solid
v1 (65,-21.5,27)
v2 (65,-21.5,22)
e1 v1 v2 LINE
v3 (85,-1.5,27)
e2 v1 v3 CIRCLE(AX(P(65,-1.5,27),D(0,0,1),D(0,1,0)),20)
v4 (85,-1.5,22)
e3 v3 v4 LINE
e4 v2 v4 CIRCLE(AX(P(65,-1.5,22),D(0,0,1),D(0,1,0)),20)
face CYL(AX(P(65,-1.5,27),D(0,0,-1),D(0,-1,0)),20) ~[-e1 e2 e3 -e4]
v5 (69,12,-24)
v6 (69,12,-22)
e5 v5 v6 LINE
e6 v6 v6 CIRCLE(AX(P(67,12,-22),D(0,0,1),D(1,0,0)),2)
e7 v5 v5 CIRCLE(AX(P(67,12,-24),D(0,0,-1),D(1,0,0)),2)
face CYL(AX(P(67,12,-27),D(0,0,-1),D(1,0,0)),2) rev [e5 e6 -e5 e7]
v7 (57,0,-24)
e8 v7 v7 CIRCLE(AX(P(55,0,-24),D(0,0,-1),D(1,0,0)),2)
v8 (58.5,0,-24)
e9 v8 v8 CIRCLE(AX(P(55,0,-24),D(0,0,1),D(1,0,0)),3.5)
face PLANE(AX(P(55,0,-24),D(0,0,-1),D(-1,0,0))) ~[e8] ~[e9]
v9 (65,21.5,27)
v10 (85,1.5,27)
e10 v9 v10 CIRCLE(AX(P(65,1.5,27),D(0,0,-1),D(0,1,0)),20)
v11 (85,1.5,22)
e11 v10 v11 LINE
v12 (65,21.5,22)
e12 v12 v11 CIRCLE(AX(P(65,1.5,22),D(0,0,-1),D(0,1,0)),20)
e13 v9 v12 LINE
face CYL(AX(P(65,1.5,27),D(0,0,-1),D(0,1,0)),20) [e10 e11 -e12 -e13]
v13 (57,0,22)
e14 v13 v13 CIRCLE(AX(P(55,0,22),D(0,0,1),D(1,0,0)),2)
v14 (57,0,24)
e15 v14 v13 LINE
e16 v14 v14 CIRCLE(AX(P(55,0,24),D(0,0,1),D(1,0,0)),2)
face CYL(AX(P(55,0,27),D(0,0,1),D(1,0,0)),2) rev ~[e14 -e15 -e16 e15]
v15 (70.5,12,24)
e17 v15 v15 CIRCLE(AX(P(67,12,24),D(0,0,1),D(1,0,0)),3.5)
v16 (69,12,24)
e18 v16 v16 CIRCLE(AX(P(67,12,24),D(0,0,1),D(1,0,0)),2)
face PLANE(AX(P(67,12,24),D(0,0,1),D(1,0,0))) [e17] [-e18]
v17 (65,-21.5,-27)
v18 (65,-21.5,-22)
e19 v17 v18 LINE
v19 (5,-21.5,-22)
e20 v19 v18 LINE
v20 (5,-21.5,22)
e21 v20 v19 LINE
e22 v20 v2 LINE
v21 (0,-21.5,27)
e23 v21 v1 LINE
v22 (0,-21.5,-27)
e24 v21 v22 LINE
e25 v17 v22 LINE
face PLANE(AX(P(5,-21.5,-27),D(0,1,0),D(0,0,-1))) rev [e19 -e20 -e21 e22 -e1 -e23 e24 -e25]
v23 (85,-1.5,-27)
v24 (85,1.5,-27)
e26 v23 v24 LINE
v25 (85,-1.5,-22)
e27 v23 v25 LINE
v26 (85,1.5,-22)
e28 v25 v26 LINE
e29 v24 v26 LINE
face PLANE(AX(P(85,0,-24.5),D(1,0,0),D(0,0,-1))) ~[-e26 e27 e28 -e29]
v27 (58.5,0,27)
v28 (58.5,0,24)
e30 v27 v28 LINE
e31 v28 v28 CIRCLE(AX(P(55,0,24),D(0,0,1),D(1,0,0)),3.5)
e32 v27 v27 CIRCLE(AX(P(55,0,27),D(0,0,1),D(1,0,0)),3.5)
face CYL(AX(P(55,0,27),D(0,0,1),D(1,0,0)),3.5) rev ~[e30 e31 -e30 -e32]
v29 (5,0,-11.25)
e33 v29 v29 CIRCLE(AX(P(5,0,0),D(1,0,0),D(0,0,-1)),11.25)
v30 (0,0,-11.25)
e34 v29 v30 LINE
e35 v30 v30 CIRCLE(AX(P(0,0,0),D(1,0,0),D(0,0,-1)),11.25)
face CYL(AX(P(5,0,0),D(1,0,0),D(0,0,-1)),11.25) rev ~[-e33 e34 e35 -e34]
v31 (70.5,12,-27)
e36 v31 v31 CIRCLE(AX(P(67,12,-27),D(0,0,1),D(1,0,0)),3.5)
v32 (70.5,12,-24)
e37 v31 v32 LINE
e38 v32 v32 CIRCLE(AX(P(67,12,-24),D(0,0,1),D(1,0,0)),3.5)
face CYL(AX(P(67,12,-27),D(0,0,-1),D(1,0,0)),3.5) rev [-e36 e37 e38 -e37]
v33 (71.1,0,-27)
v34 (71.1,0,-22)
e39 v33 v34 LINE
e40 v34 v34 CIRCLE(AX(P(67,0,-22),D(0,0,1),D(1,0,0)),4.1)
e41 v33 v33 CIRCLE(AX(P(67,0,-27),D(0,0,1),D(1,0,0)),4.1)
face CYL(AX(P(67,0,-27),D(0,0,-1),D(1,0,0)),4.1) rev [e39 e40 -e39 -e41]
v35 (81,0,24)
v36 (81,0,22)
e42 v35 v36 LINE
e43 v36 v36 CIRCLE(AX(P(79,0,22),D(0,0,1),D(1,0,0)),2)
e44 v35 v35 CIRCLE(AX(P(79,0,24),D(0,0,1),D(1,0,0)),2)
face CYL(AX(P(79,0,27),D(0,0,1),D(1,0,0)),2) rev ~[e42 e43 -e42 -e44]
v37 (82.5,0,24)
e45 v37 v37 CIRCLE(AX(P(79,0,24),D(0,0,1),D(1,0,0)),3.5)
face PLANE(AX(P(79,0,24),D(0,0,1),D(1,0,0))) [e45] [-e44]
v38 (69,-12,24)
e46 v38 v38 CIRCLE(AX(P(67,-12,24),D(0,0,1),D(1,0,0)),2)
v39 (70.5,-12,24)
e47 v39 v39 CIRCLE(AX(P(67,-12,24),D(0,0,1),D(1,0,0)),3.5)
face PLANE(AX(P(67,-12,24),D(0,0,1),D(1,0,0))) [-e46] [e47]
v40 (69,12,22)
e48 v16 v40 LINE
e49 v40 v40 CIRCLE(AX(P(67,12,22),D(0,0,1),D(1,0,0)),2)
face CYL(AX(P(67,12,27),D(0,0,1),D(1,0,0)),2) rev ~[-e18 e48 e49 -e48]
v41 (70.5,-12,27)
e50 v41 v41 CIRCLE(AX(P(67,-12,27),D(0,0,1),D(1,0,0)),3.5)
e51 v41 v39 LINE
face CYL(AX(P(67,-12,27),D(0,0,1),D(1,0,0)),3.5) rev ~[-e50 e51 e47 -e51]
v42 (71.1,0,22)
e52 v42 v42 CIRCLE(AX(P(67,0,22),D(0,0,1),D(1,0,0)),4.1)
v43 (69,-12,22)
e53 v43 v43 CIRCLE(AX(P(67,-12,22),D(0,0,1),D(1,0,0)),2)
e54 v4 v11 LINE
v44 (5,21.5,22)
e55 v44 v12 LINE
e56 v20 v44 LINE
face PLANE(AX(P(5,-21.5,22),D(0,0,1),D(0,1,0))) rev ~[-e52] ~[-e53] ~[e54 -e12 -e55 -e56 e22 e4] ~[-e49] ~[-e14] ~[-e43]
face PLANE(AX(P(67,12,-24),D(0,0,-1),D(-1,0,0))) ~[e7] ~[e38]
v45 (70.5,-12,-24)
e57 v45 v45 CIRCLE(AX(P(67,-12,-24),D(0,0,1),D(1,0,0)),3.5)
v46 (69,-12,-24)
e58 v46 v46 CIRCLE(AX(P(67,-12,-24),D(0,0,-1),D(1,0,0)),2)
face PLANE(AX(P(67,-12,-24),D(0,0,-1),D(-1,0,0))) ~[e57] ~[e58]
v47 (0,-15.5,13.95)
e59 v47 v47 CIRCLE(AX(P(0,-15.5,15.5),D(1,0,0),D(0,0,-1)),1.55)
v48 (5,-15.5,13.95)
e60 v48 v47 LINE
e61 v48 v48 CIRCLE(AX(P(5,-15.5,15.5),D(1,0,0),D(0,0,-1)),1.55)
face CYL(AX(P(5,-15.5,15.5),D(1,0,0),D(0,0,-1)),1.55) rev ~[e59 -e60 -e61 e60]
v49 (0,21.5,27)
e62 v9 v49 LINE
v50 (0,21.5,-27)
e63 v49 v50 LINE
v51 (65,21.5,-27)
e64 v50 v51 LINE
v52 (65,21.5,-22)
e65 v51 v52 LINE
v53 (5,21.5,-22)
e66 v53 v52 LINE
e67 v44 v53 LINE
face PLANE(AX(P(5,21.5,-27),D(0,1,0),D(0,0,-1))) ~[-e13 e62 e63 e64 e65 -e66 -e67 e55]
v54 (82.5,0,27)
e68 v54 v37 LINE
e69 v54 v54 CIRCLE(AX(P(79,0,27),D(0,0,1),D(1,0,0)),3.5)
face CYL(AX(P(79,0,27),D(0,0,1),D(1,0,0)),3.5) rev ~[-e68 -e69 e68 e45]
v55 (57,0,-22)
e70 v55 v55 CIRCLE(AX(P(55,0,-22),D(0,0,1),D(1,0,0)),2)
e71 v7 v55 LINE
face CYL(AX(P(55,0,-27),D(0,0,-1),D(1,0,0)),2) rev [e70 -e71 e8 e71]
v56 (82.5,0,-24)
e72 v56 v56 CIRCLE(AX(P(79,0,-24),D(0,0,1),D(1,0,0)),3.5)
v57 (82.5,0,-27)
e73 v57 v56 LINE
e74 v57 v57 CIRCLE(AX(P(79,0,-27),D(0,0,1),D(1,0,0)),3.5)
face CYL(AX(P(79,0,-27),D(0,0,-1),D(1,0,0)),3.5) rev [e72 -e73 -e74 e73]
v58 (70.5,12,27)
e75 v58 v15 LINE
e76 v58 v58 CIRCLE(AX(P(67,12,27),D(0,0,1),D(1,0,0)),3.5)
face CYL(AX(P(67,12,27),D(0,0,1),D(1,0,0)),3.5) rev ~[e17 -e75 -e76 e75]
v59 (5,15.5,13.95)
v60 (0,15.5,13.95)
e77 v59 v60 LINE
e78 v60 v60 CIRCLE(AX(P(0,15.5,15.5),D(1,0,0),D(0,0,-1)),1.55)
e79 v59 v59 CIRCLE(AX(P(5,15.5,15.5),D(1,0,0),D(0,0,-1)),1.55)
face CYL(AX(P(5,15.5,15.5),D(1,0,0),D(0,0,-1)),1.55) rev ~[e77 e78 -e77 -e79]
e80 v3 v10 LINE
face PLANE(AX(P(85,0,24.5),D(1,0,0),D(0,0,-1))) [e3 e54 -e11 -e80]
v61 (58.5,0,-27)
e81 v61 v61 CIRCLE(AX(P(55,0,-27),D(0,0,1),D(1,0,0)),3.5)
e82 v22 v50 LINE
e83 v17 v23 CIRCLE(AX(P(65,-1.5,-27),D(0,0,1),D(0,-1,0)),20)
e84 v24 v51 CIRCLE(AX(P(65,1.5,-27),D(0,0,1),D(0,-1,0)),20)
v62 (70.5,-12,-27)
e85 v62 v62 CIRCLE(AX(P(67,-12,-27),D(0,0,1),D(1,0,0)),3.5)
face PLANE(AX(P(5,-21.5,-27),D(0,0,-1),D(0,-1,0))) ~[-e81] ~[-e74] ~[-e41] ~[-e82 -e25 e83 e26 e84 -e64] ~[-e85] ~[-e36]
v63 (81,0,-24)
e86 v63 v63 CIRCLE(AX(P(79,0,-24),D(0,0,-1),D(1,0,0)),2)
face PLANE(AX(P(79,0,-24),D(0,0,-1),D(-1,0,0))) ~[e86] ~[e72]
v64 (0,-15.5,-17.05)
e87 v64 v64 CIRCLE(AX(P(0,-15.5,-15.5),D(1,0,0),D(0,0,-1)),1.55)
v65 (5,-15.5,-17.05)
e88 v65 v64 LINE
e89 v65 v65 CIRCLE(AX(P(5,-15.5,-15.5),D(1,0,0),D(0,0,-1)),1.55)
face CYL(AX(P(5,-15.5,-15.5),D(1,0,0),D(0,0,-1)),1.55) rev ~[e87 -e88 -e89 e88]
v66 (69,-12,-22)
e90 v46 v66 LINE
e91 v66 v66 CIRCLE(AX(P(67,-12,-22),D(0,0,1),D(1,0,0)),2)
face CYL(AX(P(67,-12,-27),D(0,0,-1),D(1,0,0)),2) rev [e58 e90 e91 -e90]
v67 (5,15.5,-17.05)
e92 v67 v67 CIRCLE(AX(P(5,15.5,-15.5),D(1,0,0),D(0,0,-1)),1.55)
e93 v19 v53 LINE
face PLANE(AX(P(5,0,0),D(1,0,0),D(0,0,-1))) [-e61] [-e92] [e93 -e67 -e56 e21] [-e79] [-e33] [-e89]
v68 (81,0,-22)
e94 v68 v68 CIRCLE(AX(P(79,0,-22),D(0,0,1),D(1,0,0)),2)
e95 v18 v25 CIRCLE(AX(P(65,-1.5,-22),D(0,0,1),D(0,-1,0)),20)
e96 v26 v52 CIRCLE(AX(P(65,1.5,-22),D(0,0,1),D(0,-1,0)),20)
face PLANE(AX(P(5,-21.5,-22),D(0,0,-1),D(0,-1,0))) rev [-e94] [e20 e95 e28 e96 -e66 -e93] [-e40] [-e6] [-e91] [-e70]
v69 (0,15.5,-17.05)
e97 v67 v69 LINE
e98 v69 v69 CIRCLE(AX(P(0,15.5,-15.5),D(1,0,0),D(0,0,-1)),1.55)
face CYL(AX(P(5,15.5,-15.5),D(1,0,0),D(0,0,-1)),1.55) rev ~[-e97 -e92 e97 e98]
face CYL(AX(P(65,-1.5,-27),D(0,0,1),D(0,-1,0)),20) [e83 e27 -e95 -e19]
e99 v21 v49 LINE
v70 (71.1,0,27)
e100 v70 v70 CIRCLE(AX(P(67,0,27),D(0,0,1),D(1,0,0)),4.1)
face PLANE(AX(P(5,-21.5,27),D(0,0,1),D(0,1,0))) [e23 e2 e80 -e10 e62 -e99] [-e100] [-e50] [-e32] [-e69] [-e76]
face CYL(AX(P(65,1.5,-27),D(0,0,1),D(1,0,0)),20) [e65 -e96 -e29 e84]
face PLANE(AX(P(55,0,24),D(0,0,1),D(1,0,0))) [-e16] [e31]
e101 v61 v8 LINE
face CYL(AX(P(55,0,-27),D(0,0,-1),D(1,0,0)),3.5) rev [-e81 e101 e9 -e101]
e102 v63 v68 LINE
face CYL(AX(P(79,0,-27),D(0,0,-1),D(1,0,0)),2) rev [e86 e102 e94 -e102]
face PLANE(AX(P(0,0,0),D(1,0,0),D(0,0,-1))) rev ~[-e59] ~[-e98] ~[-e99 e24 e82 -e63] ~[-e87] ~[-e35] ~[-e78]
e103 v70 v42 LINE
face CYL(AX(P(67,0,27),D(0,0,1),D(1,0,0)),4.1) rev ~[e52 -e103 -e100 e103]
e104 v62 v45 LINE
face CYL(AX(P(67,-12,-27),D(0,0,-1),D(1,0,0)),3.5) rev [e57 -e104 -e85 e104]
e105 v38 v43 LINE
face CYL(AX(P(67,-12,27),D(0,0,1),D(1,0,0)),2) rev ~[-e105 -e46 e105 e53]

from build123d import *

# Parameters (mm, degrees)
SKETCH1_W           = 54
SKETCH1_H           = 43
BOSS_EXTRUDE1_DEPTH = 5
CUT_EXTRUDE1_REACH  = 36.875
SKETCH2_R           = 1.55
SKETCH2_R_2         = 11.25
SKETCH4_W           = 5
SKETCH4_H           = 43
BOSS_EXTRUDE2_DEPTH = 80
CUT_EXTRUDE2_REACH  = 104.972
SKETCH6_R           = 2
SKETCH6_R_2         = 4.1
SKETCH7_R           = 3.5
CUT_EXTRUDE3_DEPTH  = 3
FILLET1_R           = 20


with BuildPart() as part:
    # Sketch1 → Boss-Extrude1 (new body)
    with BuildSketch(Plane(origin=(0, 0, 0), x_dir=(0, 0, -1), z_dir=(1, 0, 0))):
        Rectangle(SKETCH1_W, SKETCH1_H)
    extrude(amount=BOSS_EXTRUDE1_DEPTH)

    # Sketch2 → Cut-Extrude1 (cut, up to next)
    with BuildSketch(Plane(origin=(5, 0, 0), x_dir=(0, 0, -1), z_dir=(1, 0, 0)), mode=Mode.PRIVATE) as cut_extrude1_sk1:
        with Locations((-15.5, 15.5)):
            Circle(SKETCH2_R)
    cut_extrude1_tool1 = extrude(cut_extrude1_sk1.sketch, amount=-CUT_EXTRUDE1_REACH, mode=Mode.PRIVATE) & part.part
    # Sketch2 → Cut-Extrude1 (cut, up to next)
    with BuildSketch(Plane(origin=(5, 0, 0), x_dir=(0, 0, -1), z_dir=(1, 0, 0)), mode=Mode.PRIVATE) as cut_extrude1_sk2:
        with Locations((15.5, 15.5)):
            Circle(SKETCH2_R)
    cut_extrude1_tool2 = extrude(cut_extrude1_sk2.sketch, amount=-CUT_EXTRUDE1_REACH, mode=Mode.PRIVATE) & part.part
    # Sketch2 → Cut-Extrude1 (cut, up to next)
    with BuildSketch(Plane(origin=(5, 0, 0), x_dir=(0, 0, -1), z_dir=(1, 0, 0)), mode=Mode.PRIVATE) as cut_extrude1_sk3:
        with Locations((15.5, -15.5)):
            Circle(SKETCH2_R)
    cut_extrude1_tool3 = extrude(cut_extrude1_sk3.sketch, amount=-CUT_EXTRUDE1_REACH, mode=Mode.PRIVATE) & part.part
    # Sketch2 → Cut-Extrude1 (cut, up to next)
    with BuildSketch(Plane(origin=(5, 0, 0), x_dir=(0, 0, -1), z_dir=(1, 0, 0)), mode=Mode.PRIVATE) as cut_extrude1_sk4:
        with Locations((-15.5, -15.5)):
            Circle(SKETCH2_R)
    cut_extrude1_tool4 = extrude(cut_extrude1_sk4.sketch, amount=-CUT_EXTRUDE1_REACH, mode=Mode.PRIVATE) & part.part
    # Sketch2 → Cut-Extrude1 (cut, up to next)
    with BuildSketch(Plane(origin=(5, 0, 0), x_dir=(0, 0, -1), z_dir=(1, 0, 0)), mode=Mode.PRIVATE) as cut_extrude1_sk5:
        Circle(SKETCH2_R_2)
    cut_extrude1_tool5 = extrude(cut_extrude1_sk5.sketch, amount=-CUT_EXTRUDE1_REACH, mode=Mode.PRIVATE) & part.part
    add(cut_extrude1_tool1.solids().sort_by_distance((5, 15.5, 15.5))[0], mode=Mode.SUBTRACT)
    add(cut_extrude1_tool2.solids().sort_by_distance((5, 15.5, -15.5))[0], mode=Mode.SUBTRACT)
    add(cut_extrude1_tool3.solids().sort_by_distance((5, -15.5, -15.5))[0], mode=Mode.SUBTRACT)
    add(cut_extrude1_tool4.solids().sort_by_distance((5, -15.5, 15.5))[0], mode=Mode.SUBTRACT)
    add(cut_extrude1_tool5.solids().sort_by_distance((5, 0, 0))[0], mode=Mode.SUBTRACT)

    # Sketch4 → Boss-Extrude2 (add)
    with BuildSketch(Plane(origin=(5, 0, 0), x_dir=(0, 0, -1), z_dir=(1, 0, 0))):
        with Locations((-24.5, 0)):
            Rectangle(SKETCH4_W, SKETCH4_H)
    boss_extrude2 = extrude(amount=BOSS_EXTRUDE2_DEPTH)

    # Sketch6 → Cut-Extrude2 (cut, up to next)
    with BuildSketch(Plane.XY.offset(27), mode=Mode.PRIVATE) as cut_extrude2_sk1:
        with Locations((67, 12)):
            Circle(SKETCH6_R)
    cut_extrude2_tool1 = extrude(cut_extrude2_sk1.sketch, amount=-CUT_EXTRUDE2_REACH, mode=Mode.PRIVATE) & part.part
    # Sketch6 → Cut-Extrude2 (cut, up to next)
    with BuildSketch(Plane.XY.offset(27), mode=Mode.PRIVATE) as cut_extrude2_sk2:
        with Locations((79, 0)):
            Circle(SKETCH6_R)
    cut_extrude2_tool2 = extrude(cut_extrude2_sk2.sketch, amount=-CUT_EXTRUDE2_REACH, mode=Mode.PRIVATE) & part.part
    # Sketch6 → Cut-Extrude2 (cut, up to next)
    with BuildSketch(Plane.XY.offset(27), mode=Mode.PRIVATE) as cut_extrude2_sk3:
        with Locations((67, -12)):
            Circle(SKETCH6_R)
    cut_extrude2_tool3 = extrude(cut_extrude2_sk3.sketch, amount=-CUT_EXTRUDE2_REACH, mode=Mode.PRIVATE) & part.part
    # Sketch6 → Cut-Extrude2 (cut, up to next)
    with BuildSketch(Plane.XY.offset(27), mode=Mode.PRIVATE) as cut_extrude2_sk4:
        with Locations((55, 0)):
            Circle(SKETCH6_R)
    cut_extrude2_tool4 = extrude(cut_extrude2_sk4.sketch, amount=-CUT_EXTRUDE2_REACH, mode=Mode.PRIVATE) & part.part
    # Sketch6 → Cut-Extrude2 (cut, up to next)
    with BuildSketch(Plane.XY.offset(27), mode=Mode.PRIVATE) as cut_extrude2_sk5:
        with Locations((67, 0)):
            Circle(SKETCH6_R_2)
    cut_extrude2_tool5 = extrude(cut_extrude2_sk5.sketch, amount=-CUT_EXTRUDE2_REACH, mode=Mode.PRIVATE) & part.part
    cut_extrude2_1 = cut_extrude2_tool1.solids().sort_by_distance((67, 12, 27))[0]
    add(cut_extrude2_1, mode=Mode.SUBTRACT)
    cut_extrude2_2 = cut_extrude2_tool2.solids().sort_by_distance((79, 0, 27))[0]
    add(cut_extrude2_2, mode=Mode.SUBTRACT)
    cut_extrude2_3 = cut_extrude2_tool3.solids().sort_by_distance((67, -12, 27))[0]
    add(cut_extrude2_3, mode=Mode.SUBTRACT)
    cut_extrude2_4 = cut_extrude2_tool4.solids().sort_by_distance((55, 0, 27))[0]
    add(cut_extrude2_4, mode=Mode.SUBTRACT)
    cut_extrude2_5 = cut_extrude2_tool5.solids().sort_by_distance((67, 0, 27))[0]
    add(cut_extrude2_5, mode=Mode.SUBTRACT)
    cut_extrude2 = cut_extrude2_1 + cut_extrude2_2 + cut_extrude2_3 + cut_extrude2_4 + cut_extrude2_5  # Cut-Extrude2 as one shape, for the pattern or mirror that repeats it

    # Sketch7 → Cut-Extrude3 (cut)
    with BuildSketch(Plane.XY.offset(27)):
        with Locations((67, 12)):
            Circle(SKETCH7_R)
        with Locations((79, 0)):
            Circle(SKETCH7_R)
        with Locations((67, -12)):
            Circle(SKETCH7_R)
        with Locations((55, 0)):
            Circle(SKETCH7_R)
    cut_extrude3 = extrude(amount=-CUT_EXTRUDE3_DEPTH, mode=Mode.SUBTRACT)

    # Mirror2: Boss-Extrude2, Cut-Extrude2, Cut-Extrude3 across plane
    add(boss_extrude2.mirror(Plane.XY))
    add(cut_extrude2.mirror(Plane.XY), mode=Mode.SUBTRACT)
    add(cut_extrude3.mirror(Plane.XY), mode=Mode.SUBTRACT)

    # Fillet1
    fillet1_edges = [part.edges().sort_by_distance(p)[0] for p in [
        (85, -21.5, 24.5),
        (85, 21.5, 24.5),
        (85, 21.5, -24.5),
        (85, -21.5, -24.5),
    ]]
    fillet(fillet1_edges, radius=FILLET1_R)


solid = part.part
